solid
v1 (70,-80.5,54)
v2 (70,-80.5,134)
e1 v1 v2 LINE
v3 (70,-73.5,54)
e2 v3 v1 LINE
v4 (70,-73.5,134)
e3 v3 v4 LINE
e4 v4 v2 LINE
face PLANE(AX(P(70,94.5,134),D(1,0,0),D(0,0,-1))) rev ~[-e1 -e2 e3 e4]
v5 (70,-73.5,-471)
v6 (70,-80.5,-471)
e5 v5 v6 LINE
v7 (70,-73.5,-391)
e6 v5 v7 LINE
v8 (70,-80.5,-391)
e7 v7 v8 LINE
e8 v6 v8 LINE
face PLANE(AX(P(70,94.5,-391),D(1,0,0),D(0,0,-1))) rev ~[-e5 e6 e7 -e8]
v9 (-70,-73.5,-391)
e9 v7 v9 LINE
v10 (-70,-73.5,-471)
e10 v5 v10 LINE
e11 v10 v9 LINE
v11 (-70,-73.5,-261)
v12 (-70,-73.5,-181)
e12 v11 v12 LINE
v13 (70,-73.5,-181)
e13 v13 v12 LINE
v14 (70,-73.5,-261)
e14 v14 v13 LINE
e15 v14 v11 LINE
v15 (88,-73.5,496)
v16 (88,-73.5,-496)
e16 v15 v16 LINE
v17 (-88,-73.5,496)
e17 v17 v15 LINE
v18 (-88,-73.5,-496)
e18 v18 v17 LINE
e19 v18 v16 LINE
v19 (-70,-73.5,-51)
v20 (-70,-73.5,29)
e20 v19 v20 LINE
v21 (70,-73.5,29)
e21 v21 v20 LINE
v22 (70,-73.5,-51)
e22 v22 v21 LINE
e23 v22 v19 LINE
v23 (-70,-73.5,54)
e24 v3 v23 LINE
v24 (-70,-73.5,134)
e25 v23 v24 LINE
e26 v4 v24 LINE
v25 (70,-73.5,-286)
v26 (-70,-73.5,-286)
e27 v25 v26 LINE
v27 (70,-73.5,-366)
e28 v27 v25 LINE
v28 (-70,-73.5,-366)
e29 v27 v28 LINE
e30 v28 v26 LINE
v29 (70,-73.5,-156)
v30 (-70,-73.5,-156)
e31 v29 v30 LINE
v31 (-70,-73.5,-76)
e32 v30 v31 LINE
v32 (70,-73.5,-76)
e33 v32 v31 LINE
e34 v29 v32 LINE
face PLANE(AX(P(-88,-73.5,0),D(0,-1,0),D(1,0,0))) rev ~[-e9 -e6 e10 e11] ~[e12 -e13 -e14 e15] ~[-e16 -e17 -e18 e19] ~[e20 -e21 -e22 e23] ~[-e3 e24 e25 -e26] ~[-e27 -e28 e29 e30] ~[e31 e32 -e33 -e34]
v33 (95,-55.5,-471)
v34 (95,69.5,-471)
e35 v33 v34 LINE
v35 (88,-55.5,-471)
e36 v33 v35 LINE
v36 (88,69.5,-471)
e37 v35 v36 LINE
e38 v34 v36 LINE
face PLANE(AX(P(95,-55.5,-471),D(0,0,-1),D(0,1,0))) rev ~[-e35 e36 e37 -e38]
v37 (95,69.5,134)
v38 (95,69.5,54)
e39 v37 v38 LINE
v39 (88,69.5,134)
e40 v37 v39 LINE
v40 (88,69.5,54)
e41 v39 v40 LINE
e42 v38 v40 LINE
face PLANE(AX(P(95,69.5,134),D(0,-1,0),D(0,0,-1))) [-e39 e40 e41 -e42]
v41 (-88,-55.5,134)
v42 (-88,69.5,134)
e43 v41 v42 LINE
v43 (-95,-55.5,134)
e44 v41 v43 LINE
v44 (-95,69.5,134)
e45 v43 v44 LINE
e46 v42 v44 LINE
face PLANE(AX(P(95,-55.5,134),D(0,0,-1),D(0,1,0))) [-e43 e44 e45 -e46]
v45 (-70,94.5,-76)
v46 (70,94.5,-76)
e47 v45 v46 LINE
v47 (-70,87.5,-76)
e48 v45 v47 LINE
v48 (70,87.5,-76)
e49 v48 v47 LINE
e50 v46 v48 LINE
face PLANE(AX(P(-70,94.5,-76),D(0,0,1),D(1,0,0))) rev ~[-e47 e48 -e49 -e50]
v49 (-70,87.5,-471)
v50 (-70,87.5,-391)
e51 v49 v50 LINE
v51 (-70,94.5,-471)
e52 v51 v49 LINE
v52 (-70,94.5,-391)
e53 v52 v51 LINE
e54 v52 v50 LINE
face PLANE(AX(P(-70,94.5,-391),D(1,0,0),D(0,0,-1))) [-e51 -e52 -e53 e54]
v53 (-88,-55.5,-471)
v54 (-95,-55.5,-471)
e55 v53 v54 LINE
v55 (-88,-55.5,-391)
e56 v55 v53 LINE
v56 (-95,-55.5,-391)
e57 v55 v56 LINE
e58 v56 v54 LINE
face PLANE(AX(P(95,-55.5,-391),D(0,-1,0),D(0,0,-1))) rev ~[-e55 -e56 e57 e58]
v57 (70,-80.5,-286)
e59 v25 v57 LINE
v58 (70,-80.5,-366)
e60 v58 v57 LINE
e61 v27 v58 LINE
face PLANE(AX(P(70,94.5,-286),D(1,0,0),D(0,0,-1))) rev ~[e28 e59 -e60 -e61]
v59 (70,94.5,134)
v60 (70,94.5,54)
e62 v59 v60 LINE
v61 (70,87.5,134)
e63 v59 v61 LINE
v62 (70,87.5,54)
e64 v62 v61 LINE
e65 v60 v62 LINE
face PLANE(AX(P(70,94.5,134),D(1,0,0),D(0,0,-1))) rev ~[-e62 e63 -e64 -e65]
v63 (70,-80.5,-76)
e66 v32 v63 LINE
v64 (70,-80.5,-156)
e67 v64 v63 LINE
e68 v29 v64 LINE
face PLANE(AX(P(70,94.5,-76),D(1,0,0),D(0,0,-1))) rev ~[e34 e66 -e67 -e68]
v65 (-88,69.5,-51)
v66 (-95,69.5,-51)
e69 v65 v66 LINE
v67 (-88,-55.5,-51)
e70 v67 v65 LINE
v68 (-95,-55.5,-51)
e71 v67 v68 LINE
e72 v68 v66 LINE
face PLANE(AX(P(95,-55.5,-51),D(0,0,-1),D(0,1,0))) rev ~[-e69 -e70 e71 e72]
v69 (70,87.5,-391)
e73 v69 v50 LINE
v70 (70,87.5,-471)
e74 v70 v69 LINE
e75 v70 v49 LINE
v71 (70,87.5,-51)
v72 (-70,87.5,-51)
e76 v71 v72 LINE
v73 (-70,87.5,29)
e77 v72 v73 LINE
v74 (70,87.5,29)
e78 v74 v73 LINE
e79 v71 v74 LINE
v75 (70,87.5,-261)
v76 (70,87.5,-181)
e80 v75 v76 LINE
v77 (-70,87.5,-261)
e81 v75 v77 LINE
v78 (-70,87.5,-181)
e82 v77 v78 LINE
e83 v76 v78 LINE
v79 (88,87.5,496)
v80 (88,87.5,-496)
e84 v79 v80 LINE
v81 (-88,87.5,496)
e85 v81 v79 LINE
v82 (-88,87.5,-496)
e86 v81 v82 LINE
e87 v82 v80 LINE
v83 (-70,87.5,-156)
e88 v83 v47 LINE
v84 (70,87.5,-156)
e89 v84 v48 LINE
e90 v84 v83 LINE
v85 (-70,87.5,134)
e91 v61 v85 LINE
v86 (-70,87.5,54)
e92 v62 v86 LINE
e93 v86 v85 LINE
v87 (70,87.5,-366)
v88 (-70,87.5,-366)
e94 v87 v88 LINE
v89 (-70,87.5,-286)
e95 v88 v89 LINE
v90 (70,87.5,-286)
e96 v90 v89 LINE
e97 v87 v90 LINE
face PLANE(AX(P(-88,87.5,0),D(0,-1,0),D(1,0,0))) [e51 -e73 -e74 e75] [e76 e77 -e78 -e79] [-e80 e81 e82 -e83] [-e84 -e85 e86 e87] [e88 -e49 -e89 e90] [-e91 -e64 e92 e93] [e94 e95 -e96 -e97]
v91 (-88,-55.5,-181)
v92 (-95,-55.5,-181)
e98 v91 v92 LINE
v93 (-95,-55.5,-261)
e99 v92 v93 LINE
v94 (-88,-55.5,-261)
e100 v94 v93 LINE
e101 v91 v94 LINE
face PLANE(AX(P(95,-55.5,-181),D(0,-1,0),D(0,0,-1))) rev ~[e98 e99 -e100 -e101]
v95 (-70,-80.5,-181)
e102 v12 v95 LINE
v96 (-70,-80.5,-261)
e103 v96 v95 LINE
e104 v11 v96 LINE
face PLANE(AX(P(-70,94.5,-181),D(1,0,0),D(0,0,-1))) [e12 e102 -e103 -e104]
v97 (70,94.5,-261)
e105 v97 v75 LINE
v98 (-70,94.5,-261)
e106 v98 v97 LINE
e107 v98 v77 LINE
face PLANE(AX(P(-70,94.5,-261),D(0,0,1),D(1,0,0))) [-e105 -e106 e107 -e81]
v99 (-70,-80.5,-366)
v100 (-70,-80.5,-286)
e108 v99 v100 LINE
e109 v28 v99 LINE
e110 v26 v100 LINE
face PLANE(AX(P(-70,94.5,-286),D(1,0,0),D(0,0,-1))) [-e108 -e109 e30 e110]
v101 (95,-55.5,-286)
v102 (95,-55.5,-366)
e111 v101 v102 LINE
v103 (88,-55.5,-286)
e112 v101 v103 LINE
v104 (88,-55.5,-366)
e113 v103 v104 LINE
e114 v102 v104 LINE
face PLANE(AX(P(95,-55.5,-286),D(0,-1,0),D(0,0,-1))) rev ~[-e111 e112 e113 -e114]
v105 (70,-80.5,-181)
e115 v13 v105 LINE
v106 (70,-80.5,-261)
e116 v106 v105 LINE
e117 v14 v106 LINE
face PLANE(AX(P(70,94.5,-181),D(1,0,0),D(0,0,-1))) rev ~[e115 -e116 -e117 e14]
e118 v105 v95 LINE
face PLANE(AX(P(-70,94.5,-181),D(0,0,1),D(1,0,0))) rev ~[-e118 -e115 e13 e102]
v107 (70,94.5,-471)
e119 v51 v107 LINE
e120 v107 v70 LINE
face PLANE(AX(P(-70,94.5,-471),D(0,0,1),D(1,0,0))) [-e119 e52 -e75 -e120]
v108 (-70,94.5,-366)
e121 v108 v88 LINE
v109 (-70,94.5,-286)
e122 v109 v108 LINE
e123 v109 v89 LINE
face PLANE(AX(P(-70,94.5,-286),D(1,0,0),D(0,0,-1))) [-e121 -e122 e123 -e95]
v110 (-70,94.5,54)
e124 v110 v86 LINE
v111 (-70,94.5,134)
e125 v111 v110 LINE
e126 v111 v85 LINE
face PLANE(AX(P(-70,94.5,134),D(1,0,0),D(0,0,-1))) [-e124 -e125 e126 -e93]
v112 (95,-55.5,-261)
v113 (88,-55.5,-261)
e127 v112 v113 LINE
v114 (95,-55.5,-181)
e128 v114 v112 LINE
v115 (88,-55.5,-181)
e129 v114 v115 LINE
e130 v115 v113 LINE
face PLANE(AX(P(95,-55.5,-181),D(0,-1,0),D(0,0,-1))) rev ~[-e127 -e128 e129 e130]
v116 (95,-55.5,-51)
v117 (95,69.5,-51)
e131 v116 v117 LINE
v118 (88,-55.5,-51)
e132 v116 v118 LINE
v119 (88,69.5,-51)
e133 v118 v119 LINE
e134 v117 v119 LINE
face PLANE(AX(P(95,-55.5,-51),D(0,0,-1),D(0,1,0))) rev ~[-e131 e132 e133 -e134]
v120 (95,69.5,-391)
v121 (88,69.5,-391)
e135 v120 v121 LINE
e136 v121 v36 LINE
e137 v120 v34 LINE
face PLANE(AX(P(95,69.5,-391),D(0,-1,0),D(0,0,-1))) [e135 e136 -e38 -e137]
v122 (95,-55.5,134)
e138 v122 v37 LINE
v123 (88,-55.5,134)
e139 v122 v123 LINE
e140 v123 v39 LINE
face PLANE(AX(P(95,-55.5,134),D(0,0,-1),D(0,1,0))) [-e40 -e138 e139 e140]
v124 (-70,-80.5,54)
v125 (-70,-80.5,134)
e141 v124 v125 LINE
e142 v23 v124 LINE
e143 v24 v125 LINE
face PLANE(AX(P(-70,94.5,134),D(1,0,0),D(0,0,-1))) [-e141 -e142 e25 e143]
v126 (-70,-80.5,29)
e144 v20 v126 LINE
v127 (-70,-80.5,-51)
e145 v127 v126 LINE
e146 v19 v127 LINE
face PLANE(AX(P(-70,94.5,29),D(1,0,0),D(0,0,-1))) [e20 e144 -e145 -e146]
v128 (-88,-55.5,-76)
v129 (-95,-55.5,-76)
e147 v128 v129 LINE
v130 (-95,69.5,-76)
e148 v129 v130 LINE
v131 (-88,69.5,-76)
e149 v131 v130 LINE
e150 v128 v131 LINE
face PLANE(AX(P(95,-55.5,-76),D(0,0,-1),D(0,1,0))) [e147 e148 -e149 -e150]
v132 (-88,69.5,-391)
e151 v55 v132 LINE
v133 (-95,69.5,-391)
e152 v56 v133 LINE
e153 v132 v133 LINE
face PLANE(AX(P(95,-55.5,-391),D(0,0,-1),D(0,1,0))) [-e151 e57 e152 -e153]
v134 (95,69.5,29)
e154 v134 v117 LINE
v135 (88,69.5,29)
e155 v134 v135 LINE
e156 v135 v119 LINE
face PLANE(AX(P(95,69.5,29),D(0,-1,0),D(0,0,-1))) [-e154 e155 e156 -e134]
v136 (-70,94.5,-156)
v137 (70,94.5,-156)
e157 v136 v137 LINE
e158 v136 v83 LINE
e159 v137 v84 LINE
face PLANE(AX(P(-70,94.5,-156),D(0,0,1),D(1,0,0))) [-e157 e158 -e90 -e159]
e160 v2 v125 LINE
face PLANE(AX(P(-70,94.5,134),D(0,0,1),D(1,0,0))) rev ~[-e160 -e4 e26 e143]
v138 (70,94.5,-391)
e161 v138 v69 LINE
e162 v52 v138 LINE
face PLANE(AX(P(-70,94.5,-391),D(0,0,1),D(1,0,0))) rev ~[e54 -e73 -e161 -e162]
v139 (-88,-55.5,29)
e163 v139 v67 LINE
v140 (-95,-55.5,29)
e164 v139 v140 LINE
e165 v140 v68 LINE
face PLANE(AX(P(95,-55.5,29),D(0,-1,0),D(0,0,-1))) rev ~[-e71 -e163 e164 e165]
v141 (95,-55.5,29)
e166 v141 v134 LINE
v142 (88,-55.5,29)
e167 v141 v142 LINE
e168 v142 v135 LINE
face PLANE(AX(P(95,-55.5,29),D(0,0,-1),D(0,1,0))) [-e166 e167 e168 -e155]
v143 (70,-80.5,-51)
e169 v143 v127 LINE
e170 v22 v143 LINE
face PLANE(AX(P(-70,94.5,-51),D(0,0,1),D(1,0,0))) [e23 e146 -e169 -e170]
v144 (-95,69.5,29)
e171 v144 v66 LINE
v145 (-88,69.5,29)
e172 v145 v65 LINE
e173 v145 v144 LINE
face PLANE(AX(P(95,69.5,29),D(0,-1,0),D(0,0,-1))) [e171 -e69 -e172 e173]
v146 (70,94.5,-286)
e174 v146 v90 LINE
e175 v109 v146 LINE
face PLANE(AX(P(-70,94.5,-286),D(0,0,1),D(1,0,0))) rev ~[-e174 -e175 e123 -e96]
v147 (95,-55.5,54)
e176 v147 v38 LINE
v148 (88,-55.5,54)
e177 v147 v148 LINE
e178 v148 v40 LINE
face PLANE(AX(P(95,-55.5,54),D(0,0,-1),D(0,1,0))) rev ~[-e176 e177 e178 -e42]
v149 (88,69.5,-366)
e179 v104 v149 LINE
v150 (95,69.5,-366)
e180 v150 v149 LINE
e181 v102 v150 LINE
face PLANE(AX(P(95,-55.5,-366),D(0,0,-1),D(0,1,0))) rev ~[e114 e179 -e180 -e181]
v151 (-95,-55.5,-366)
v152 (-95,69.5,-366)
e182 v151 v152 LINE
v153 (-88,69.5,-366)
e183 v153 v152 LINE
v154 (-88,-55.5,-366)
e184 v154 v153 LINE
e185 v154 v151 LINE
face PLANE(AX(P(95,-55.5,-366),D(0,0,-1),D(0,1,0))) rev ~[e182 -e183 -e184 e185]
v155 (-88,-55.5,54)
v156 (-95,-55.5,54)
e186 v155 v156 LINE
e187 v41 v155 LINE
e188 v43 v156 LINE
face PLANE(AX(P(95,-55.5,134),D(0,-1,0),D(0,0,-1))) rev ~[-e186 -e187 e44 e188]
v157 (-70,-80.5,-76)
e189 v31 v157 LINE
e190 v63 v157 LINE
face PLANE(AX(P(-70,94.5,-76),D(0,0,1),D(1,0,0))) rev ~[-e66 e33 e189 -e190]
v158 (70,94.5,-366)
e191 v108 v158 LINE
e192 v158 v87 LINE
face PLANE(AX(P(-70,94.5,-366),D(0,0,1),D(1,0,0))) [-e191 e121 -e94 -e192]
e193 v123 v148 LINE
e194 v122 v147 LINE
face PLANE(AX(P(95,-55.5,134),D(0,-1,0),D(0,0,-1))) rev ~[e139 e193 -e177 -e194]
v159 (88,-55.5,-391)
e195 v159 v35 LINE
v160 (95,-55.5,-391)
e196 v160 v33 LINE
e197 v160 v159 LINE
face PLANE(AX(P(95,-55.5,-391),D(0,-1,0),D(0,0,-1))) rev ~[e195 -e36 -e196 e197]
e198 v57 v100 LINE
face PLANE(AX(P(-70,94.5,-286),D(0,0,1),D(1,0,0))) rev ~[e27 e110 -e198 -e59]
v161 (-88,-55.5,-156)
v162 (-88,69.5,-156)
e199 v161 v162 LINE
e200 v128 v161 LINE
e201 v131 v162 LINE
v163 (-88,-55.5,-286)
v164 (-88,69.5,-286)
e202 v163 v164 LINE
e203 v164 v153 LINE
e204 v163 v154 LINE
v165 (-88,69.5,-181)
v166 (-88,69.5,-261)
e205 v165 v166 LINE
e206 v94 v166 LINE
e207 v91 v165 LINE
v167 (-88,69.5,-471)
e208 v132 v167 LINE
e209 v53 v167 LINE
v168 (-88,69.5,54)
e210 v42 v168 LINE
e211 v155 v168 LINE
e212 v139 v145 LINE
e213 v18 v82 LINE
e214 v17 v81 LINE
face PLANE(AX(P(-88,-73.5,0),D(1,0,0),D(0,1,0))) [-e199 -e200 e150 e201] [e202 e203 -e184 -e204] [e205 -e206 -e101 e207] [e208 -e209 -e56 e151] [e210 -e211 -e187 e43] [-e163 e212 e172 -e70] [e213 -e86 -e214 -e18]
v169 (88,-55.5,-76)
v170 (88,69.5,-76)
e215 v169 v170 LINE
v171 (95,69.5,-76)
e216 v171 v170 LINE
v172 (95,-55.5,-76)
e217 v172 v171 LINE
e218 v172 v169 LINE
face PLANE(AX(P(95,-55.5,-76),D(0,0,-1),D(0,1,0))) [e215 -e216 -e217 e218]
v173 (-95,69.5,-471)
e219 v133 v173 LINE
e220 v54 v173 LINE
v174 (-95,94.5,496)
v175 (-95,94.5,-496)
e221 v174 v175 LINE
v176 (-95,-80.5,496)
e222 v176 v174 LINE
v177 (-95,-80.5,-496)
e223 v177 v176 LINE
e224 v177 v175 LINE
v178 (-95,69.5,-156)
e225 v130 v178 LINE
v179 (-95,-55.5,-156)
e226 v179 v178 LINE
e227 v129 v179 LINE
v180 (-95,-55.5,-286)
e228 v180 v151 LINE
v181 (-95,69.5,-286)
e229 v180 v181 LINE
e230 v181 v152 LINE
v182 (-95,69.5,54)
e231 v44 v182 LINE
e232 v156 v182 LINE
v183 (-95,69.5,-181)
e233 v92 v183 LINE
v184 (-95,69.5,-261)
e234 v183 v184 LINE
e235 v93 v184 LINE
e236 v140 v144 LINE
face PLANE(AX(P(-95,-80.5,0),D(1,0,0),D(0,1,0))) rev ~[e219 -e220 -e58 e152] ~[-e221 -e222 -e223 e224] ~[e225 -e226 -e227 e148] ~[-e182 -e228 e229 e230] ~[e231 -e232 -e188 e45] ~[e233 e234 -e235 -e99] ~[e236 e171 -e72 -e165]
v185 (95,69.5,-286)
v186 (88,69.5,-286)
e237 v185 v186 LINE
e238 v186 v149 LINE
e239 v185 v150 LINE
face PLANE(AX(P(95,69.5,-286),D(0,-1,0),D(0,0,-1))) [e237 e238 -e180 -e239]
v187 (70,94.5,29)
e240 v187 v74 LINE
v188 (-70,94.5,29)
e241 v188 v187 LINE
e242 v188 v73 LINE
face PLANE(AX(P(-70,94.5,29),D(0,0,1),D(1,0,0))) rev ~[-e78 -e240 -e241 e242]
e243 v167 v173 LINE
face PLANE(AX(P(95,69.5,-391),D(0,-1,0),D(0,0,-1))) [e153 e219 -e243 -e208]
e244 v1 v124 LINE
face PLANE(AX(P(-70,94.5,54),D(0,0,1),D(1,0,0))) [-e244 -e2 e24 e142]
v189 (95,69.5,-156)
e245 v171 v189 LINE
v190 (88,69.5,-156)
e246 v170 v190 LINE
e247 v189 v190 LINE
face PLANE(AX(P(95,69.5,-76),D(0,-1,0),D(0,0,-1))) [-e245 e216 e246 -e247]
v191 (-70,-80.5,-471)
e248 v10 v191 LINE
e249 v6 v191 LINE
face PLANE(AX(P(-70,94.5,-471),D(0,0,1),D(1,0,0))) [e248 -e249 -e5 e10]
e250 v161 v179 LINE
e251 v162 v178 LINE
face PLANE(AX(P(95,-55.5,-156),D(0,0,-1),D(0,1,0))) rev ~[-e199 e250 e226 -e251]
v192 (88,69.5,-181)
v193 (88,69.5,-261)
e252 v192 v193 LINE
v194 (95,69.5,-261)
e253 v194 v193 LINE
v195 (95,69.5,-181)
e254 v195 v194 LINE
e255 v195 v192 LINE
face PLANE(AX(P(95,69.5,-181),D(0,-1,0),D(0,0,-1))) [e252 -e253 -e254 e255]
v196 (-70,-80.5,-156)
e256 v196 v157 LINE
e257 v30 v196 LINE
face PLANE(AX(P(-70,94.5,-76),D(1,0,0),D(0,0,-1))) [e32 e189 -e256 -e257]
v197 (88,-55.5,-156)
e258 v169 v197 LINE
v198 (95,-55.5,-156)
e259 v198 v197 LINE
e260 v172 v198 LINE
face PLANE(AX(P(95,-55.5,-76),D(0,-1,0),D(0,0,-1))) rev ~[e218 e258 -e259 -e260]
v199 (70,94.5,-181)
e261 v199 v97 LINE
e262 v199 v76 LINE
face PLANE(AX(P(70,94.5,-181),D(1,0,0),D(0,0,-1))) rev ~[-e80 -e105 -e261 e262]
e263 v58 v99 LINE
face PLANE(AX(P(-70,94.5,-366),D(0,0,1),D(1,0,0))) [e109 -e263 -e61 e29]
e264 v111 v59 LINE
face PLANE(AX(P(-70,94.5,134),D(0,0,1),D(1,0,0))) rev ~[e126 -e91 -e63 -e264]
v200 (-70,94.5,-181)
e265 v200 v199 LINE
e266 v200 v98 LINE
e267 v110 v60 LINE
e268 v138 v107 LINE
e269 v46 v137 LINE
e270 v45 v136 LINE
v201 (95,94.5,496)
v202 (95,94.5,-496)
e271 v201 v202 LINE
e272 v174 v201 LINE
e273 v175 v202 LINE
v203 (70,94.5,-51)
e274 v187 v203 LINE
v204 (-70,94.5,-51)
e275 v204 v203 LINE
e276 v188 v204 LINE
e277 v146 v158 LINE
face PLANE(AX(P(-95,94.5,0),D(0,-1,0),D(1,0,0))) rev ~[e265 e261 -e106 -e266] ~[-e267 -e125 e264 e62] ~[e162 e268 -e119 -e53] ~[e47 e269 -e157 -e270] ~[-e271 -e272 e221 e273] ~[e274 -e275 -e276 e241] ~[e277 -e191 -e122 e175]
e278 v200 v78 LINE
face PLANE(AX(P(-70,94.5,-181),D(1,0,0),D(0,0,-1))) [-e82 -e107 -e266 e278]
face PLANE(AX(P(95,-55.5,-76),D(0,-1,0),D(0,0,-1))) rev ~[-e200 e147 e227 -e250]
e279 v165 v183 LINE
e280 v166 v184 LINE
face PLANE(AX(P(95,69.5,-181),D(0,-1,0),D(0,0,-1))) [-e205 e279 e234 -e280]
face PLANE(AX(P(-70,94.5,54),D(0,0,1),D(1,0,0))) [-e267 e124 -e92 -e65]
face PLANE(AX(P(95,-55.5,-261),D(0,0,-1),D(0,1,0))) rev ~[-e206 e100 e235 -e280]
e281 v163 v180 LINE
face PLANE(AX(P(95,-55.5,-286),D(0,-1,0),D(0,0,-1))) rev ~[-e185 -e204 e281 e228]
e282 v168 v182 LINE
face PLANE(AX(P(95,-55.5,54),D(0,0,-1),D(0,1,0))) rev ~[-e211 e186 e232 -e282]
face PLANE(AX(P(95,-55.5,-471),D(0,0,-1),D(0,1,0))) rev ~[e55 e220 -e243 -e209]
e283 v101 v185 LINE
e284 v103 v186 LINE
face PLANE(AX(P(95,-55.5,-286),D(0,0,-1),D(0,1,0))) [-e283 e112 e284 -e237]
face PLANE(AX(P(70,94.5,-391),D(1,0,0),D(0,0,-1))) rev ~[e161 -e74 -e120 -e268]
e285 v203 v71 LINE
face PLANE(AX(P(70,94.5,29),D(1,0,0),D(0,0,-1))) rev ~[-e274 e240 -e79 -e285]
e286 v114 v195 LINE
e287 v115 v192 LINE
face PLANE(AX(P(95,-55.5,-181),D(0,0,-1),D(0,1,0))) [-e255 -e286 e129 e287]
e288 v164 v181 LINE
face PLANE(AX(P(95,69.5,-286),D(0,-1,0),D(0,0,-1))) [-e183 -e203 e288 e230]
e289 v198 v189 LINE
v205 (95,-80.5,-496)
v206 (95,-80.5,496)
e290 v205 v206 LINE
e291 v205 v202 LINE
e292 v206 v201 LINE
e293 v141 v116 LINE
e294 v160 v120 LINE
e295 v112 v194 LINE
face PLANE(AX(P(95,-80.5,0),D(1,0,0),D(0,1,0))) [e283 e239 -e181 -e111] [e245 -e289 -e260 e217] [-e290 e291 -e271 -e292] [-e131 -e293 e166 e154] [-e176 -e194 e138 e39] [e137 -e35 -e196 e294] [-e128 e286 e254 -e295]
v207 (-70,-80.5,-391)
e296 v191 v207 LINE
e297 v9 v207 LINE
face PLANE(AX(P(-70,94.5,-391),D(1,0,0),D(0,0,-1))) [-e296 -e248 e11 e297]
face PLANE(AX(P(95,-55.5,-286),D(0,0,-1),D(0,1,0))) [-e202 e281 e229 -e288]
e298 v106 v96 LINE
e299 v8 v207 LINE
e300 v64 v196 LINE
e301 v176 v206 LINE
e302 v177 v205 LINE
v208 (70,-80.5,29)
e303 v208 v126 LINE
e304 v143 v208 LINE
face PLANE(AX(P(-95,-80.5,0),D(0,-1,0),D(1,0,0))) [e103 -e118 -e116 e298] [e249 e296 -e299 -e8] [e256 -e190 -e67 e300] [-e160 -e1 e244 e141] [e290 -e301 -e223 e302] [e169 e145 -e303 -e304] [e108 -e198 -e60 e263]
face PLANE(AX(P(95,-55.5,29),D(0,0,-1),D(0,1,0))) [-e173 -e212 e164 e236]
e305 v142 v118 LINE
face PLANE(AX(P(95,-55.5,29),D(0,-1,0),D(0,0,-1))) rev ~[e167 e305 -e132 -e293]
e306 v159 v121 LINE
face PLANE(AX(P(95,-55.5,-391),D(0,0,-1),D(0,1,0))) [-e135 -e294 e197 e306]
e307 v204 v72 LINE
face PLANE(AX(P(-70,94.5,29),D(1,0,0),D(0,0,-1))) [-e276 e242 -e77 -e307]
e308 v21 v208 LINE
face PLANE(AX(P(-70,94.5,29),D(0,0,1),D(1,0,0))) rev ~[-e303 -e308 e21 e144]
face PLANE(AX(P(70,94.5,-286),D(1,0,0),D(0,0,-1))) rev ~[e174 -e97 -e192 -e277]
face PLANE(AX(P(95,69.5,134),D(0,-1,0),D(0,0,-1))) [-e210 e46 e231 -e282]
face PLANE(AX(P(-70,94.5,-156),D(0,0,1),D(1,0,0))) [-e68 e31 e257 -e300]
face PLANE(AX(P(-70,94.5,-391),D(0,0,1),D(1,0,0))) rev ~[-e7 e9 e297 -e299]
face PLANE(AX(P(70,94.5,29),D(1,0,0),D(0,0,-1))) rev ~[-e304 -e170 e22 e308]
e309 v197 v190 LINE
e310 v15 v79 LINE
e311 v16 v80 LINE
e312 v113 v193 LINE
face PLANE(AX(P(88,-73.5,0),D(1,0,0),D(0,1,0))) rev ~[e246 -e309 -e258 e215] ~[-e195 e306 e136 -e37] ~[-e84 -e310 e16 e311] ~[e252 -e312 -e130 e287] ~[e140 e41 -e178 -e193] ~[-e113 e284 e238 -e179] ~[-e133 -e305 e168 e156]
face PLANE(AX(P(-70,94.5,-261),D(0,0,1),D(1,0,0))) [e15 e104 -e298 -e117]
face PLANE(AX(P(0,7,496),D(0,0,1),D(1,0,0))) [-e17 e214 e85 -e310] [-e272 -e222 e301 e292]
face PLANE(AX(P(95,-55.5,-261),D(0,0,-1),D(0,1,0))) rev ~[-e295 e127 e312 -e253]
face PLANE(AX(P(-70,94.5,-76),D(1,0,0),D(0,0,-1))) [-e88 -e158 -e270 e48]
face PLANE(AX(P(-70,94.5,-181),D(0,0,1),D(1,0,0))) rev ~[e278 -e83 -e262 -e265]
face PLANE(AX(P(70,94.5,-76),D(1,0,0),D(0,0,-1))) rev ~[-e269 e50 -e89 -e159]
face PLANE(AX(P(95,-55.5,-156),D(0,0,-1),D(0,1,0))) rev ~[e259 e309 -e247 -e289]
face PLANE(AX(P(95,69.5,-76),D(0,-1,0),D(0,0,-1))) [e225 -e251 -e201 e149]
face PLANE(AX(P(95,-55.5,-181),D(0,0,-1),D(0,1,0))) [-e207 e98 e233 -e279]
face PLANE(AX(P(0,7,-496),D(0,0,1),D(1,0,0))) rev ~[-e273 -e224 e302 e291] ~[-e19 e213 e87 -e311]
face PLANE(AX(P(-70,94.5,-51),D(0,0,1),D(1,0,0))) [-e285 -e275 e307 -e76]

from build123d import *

# Parameters (mm, degrees)
SKETCH1_W           = 190
SKETCH1_H           = 175
SKETCH1_W_2         = 176
SKETCH1_H_2         = 161
BOSS_EXTRUDE1_DEPTH = 496
SKETCH2_W           = 80
SKETCH2_H           = 125
CUT_EXTRUDE1_DEPTH  = 540.487024867
SKETCH5_W           = 140
SKETCH5_H           = 80
CUT_EXTRUDE2_DEPTH  = 535.477314766


with BuildPart() as part:
    # Sketch1 → Boss-Extrude1 (new, symmetric)
    with BuildSketch(Plane.XY):
        with Locations((0, 7)):
            Rectangle(SKETCH1_W, SKETCH1_H)
        with Locations((0, 7)):
            Rectangle(SKETCH1_W_2, SKETCH1_H_2, mode=Mode.SUBTRACT)
    extrude(amount=BOSS_EXTRUDE1_DEPTH, both=True)

    # Sketch2 → Cut-Extrude1 (cut, through all)
    with BuildSketch(Plane(origin=(95, 0, 0), x_dir=(0, 0, -1), z_dir=(1, 0, 0))):
        with Locations((431, 7)):
            Rectangle(SKETCH2_W, SKETCH2_H)
        with Locations((326, 7)):
            Rectangle(SKETCH2_W, SKETCH2_H)
        with Locations((221, 7)):
            Rectangle(SKETCH2_W, SKETCH2_H)
        with Locations((116, 7)):
            Rectangle(SKETCH2_W, SKETCH2_H)
        with Locations((11, 7)):
            Rectangle(SKETCH2_W, SKETCH2_H)
        with Locations((-94, 7)):
            Rectangle(SKETCH2_W, SKETCH2_H)
    extrude(amount=-CUT_EXTRUDE1_DEPTH, mode=Mode.SUBTRACT)

    # Sketch5 → Cut-Extrude2 (cut, through all)
    with BuildSketch(Plane(origin=(0, 94.5, 0), x_dir=(1, 0, 0), z_dir=(0, 1, 0))):
        with Locations((0, 431)):
            Rectangle(SKETCH5_W, SKETCH5_H)
        with Locations((0, 326)):
            Rectangle(SKETCH5_W, SKETCH5_H)
        with Locations((0, 221)):
            Rectangle(SKETCH5_W, SKETCH5_H)
        with Locations((0, 116)):
            Rectangle(SKETCH5_W, SKETCH5_H)
        with Locations((0, 11)):
            Rectangle(SKETCH5_W, SKETCH5_H)
        with Locations((0, -94)):
            Rectangle(SKETCH5_W, SKETCH5_H)
    extrude(amount=-CUT_EXTRUDE2_DEPTH, mode=Mode.SUBTRACT)


solid = part.part
